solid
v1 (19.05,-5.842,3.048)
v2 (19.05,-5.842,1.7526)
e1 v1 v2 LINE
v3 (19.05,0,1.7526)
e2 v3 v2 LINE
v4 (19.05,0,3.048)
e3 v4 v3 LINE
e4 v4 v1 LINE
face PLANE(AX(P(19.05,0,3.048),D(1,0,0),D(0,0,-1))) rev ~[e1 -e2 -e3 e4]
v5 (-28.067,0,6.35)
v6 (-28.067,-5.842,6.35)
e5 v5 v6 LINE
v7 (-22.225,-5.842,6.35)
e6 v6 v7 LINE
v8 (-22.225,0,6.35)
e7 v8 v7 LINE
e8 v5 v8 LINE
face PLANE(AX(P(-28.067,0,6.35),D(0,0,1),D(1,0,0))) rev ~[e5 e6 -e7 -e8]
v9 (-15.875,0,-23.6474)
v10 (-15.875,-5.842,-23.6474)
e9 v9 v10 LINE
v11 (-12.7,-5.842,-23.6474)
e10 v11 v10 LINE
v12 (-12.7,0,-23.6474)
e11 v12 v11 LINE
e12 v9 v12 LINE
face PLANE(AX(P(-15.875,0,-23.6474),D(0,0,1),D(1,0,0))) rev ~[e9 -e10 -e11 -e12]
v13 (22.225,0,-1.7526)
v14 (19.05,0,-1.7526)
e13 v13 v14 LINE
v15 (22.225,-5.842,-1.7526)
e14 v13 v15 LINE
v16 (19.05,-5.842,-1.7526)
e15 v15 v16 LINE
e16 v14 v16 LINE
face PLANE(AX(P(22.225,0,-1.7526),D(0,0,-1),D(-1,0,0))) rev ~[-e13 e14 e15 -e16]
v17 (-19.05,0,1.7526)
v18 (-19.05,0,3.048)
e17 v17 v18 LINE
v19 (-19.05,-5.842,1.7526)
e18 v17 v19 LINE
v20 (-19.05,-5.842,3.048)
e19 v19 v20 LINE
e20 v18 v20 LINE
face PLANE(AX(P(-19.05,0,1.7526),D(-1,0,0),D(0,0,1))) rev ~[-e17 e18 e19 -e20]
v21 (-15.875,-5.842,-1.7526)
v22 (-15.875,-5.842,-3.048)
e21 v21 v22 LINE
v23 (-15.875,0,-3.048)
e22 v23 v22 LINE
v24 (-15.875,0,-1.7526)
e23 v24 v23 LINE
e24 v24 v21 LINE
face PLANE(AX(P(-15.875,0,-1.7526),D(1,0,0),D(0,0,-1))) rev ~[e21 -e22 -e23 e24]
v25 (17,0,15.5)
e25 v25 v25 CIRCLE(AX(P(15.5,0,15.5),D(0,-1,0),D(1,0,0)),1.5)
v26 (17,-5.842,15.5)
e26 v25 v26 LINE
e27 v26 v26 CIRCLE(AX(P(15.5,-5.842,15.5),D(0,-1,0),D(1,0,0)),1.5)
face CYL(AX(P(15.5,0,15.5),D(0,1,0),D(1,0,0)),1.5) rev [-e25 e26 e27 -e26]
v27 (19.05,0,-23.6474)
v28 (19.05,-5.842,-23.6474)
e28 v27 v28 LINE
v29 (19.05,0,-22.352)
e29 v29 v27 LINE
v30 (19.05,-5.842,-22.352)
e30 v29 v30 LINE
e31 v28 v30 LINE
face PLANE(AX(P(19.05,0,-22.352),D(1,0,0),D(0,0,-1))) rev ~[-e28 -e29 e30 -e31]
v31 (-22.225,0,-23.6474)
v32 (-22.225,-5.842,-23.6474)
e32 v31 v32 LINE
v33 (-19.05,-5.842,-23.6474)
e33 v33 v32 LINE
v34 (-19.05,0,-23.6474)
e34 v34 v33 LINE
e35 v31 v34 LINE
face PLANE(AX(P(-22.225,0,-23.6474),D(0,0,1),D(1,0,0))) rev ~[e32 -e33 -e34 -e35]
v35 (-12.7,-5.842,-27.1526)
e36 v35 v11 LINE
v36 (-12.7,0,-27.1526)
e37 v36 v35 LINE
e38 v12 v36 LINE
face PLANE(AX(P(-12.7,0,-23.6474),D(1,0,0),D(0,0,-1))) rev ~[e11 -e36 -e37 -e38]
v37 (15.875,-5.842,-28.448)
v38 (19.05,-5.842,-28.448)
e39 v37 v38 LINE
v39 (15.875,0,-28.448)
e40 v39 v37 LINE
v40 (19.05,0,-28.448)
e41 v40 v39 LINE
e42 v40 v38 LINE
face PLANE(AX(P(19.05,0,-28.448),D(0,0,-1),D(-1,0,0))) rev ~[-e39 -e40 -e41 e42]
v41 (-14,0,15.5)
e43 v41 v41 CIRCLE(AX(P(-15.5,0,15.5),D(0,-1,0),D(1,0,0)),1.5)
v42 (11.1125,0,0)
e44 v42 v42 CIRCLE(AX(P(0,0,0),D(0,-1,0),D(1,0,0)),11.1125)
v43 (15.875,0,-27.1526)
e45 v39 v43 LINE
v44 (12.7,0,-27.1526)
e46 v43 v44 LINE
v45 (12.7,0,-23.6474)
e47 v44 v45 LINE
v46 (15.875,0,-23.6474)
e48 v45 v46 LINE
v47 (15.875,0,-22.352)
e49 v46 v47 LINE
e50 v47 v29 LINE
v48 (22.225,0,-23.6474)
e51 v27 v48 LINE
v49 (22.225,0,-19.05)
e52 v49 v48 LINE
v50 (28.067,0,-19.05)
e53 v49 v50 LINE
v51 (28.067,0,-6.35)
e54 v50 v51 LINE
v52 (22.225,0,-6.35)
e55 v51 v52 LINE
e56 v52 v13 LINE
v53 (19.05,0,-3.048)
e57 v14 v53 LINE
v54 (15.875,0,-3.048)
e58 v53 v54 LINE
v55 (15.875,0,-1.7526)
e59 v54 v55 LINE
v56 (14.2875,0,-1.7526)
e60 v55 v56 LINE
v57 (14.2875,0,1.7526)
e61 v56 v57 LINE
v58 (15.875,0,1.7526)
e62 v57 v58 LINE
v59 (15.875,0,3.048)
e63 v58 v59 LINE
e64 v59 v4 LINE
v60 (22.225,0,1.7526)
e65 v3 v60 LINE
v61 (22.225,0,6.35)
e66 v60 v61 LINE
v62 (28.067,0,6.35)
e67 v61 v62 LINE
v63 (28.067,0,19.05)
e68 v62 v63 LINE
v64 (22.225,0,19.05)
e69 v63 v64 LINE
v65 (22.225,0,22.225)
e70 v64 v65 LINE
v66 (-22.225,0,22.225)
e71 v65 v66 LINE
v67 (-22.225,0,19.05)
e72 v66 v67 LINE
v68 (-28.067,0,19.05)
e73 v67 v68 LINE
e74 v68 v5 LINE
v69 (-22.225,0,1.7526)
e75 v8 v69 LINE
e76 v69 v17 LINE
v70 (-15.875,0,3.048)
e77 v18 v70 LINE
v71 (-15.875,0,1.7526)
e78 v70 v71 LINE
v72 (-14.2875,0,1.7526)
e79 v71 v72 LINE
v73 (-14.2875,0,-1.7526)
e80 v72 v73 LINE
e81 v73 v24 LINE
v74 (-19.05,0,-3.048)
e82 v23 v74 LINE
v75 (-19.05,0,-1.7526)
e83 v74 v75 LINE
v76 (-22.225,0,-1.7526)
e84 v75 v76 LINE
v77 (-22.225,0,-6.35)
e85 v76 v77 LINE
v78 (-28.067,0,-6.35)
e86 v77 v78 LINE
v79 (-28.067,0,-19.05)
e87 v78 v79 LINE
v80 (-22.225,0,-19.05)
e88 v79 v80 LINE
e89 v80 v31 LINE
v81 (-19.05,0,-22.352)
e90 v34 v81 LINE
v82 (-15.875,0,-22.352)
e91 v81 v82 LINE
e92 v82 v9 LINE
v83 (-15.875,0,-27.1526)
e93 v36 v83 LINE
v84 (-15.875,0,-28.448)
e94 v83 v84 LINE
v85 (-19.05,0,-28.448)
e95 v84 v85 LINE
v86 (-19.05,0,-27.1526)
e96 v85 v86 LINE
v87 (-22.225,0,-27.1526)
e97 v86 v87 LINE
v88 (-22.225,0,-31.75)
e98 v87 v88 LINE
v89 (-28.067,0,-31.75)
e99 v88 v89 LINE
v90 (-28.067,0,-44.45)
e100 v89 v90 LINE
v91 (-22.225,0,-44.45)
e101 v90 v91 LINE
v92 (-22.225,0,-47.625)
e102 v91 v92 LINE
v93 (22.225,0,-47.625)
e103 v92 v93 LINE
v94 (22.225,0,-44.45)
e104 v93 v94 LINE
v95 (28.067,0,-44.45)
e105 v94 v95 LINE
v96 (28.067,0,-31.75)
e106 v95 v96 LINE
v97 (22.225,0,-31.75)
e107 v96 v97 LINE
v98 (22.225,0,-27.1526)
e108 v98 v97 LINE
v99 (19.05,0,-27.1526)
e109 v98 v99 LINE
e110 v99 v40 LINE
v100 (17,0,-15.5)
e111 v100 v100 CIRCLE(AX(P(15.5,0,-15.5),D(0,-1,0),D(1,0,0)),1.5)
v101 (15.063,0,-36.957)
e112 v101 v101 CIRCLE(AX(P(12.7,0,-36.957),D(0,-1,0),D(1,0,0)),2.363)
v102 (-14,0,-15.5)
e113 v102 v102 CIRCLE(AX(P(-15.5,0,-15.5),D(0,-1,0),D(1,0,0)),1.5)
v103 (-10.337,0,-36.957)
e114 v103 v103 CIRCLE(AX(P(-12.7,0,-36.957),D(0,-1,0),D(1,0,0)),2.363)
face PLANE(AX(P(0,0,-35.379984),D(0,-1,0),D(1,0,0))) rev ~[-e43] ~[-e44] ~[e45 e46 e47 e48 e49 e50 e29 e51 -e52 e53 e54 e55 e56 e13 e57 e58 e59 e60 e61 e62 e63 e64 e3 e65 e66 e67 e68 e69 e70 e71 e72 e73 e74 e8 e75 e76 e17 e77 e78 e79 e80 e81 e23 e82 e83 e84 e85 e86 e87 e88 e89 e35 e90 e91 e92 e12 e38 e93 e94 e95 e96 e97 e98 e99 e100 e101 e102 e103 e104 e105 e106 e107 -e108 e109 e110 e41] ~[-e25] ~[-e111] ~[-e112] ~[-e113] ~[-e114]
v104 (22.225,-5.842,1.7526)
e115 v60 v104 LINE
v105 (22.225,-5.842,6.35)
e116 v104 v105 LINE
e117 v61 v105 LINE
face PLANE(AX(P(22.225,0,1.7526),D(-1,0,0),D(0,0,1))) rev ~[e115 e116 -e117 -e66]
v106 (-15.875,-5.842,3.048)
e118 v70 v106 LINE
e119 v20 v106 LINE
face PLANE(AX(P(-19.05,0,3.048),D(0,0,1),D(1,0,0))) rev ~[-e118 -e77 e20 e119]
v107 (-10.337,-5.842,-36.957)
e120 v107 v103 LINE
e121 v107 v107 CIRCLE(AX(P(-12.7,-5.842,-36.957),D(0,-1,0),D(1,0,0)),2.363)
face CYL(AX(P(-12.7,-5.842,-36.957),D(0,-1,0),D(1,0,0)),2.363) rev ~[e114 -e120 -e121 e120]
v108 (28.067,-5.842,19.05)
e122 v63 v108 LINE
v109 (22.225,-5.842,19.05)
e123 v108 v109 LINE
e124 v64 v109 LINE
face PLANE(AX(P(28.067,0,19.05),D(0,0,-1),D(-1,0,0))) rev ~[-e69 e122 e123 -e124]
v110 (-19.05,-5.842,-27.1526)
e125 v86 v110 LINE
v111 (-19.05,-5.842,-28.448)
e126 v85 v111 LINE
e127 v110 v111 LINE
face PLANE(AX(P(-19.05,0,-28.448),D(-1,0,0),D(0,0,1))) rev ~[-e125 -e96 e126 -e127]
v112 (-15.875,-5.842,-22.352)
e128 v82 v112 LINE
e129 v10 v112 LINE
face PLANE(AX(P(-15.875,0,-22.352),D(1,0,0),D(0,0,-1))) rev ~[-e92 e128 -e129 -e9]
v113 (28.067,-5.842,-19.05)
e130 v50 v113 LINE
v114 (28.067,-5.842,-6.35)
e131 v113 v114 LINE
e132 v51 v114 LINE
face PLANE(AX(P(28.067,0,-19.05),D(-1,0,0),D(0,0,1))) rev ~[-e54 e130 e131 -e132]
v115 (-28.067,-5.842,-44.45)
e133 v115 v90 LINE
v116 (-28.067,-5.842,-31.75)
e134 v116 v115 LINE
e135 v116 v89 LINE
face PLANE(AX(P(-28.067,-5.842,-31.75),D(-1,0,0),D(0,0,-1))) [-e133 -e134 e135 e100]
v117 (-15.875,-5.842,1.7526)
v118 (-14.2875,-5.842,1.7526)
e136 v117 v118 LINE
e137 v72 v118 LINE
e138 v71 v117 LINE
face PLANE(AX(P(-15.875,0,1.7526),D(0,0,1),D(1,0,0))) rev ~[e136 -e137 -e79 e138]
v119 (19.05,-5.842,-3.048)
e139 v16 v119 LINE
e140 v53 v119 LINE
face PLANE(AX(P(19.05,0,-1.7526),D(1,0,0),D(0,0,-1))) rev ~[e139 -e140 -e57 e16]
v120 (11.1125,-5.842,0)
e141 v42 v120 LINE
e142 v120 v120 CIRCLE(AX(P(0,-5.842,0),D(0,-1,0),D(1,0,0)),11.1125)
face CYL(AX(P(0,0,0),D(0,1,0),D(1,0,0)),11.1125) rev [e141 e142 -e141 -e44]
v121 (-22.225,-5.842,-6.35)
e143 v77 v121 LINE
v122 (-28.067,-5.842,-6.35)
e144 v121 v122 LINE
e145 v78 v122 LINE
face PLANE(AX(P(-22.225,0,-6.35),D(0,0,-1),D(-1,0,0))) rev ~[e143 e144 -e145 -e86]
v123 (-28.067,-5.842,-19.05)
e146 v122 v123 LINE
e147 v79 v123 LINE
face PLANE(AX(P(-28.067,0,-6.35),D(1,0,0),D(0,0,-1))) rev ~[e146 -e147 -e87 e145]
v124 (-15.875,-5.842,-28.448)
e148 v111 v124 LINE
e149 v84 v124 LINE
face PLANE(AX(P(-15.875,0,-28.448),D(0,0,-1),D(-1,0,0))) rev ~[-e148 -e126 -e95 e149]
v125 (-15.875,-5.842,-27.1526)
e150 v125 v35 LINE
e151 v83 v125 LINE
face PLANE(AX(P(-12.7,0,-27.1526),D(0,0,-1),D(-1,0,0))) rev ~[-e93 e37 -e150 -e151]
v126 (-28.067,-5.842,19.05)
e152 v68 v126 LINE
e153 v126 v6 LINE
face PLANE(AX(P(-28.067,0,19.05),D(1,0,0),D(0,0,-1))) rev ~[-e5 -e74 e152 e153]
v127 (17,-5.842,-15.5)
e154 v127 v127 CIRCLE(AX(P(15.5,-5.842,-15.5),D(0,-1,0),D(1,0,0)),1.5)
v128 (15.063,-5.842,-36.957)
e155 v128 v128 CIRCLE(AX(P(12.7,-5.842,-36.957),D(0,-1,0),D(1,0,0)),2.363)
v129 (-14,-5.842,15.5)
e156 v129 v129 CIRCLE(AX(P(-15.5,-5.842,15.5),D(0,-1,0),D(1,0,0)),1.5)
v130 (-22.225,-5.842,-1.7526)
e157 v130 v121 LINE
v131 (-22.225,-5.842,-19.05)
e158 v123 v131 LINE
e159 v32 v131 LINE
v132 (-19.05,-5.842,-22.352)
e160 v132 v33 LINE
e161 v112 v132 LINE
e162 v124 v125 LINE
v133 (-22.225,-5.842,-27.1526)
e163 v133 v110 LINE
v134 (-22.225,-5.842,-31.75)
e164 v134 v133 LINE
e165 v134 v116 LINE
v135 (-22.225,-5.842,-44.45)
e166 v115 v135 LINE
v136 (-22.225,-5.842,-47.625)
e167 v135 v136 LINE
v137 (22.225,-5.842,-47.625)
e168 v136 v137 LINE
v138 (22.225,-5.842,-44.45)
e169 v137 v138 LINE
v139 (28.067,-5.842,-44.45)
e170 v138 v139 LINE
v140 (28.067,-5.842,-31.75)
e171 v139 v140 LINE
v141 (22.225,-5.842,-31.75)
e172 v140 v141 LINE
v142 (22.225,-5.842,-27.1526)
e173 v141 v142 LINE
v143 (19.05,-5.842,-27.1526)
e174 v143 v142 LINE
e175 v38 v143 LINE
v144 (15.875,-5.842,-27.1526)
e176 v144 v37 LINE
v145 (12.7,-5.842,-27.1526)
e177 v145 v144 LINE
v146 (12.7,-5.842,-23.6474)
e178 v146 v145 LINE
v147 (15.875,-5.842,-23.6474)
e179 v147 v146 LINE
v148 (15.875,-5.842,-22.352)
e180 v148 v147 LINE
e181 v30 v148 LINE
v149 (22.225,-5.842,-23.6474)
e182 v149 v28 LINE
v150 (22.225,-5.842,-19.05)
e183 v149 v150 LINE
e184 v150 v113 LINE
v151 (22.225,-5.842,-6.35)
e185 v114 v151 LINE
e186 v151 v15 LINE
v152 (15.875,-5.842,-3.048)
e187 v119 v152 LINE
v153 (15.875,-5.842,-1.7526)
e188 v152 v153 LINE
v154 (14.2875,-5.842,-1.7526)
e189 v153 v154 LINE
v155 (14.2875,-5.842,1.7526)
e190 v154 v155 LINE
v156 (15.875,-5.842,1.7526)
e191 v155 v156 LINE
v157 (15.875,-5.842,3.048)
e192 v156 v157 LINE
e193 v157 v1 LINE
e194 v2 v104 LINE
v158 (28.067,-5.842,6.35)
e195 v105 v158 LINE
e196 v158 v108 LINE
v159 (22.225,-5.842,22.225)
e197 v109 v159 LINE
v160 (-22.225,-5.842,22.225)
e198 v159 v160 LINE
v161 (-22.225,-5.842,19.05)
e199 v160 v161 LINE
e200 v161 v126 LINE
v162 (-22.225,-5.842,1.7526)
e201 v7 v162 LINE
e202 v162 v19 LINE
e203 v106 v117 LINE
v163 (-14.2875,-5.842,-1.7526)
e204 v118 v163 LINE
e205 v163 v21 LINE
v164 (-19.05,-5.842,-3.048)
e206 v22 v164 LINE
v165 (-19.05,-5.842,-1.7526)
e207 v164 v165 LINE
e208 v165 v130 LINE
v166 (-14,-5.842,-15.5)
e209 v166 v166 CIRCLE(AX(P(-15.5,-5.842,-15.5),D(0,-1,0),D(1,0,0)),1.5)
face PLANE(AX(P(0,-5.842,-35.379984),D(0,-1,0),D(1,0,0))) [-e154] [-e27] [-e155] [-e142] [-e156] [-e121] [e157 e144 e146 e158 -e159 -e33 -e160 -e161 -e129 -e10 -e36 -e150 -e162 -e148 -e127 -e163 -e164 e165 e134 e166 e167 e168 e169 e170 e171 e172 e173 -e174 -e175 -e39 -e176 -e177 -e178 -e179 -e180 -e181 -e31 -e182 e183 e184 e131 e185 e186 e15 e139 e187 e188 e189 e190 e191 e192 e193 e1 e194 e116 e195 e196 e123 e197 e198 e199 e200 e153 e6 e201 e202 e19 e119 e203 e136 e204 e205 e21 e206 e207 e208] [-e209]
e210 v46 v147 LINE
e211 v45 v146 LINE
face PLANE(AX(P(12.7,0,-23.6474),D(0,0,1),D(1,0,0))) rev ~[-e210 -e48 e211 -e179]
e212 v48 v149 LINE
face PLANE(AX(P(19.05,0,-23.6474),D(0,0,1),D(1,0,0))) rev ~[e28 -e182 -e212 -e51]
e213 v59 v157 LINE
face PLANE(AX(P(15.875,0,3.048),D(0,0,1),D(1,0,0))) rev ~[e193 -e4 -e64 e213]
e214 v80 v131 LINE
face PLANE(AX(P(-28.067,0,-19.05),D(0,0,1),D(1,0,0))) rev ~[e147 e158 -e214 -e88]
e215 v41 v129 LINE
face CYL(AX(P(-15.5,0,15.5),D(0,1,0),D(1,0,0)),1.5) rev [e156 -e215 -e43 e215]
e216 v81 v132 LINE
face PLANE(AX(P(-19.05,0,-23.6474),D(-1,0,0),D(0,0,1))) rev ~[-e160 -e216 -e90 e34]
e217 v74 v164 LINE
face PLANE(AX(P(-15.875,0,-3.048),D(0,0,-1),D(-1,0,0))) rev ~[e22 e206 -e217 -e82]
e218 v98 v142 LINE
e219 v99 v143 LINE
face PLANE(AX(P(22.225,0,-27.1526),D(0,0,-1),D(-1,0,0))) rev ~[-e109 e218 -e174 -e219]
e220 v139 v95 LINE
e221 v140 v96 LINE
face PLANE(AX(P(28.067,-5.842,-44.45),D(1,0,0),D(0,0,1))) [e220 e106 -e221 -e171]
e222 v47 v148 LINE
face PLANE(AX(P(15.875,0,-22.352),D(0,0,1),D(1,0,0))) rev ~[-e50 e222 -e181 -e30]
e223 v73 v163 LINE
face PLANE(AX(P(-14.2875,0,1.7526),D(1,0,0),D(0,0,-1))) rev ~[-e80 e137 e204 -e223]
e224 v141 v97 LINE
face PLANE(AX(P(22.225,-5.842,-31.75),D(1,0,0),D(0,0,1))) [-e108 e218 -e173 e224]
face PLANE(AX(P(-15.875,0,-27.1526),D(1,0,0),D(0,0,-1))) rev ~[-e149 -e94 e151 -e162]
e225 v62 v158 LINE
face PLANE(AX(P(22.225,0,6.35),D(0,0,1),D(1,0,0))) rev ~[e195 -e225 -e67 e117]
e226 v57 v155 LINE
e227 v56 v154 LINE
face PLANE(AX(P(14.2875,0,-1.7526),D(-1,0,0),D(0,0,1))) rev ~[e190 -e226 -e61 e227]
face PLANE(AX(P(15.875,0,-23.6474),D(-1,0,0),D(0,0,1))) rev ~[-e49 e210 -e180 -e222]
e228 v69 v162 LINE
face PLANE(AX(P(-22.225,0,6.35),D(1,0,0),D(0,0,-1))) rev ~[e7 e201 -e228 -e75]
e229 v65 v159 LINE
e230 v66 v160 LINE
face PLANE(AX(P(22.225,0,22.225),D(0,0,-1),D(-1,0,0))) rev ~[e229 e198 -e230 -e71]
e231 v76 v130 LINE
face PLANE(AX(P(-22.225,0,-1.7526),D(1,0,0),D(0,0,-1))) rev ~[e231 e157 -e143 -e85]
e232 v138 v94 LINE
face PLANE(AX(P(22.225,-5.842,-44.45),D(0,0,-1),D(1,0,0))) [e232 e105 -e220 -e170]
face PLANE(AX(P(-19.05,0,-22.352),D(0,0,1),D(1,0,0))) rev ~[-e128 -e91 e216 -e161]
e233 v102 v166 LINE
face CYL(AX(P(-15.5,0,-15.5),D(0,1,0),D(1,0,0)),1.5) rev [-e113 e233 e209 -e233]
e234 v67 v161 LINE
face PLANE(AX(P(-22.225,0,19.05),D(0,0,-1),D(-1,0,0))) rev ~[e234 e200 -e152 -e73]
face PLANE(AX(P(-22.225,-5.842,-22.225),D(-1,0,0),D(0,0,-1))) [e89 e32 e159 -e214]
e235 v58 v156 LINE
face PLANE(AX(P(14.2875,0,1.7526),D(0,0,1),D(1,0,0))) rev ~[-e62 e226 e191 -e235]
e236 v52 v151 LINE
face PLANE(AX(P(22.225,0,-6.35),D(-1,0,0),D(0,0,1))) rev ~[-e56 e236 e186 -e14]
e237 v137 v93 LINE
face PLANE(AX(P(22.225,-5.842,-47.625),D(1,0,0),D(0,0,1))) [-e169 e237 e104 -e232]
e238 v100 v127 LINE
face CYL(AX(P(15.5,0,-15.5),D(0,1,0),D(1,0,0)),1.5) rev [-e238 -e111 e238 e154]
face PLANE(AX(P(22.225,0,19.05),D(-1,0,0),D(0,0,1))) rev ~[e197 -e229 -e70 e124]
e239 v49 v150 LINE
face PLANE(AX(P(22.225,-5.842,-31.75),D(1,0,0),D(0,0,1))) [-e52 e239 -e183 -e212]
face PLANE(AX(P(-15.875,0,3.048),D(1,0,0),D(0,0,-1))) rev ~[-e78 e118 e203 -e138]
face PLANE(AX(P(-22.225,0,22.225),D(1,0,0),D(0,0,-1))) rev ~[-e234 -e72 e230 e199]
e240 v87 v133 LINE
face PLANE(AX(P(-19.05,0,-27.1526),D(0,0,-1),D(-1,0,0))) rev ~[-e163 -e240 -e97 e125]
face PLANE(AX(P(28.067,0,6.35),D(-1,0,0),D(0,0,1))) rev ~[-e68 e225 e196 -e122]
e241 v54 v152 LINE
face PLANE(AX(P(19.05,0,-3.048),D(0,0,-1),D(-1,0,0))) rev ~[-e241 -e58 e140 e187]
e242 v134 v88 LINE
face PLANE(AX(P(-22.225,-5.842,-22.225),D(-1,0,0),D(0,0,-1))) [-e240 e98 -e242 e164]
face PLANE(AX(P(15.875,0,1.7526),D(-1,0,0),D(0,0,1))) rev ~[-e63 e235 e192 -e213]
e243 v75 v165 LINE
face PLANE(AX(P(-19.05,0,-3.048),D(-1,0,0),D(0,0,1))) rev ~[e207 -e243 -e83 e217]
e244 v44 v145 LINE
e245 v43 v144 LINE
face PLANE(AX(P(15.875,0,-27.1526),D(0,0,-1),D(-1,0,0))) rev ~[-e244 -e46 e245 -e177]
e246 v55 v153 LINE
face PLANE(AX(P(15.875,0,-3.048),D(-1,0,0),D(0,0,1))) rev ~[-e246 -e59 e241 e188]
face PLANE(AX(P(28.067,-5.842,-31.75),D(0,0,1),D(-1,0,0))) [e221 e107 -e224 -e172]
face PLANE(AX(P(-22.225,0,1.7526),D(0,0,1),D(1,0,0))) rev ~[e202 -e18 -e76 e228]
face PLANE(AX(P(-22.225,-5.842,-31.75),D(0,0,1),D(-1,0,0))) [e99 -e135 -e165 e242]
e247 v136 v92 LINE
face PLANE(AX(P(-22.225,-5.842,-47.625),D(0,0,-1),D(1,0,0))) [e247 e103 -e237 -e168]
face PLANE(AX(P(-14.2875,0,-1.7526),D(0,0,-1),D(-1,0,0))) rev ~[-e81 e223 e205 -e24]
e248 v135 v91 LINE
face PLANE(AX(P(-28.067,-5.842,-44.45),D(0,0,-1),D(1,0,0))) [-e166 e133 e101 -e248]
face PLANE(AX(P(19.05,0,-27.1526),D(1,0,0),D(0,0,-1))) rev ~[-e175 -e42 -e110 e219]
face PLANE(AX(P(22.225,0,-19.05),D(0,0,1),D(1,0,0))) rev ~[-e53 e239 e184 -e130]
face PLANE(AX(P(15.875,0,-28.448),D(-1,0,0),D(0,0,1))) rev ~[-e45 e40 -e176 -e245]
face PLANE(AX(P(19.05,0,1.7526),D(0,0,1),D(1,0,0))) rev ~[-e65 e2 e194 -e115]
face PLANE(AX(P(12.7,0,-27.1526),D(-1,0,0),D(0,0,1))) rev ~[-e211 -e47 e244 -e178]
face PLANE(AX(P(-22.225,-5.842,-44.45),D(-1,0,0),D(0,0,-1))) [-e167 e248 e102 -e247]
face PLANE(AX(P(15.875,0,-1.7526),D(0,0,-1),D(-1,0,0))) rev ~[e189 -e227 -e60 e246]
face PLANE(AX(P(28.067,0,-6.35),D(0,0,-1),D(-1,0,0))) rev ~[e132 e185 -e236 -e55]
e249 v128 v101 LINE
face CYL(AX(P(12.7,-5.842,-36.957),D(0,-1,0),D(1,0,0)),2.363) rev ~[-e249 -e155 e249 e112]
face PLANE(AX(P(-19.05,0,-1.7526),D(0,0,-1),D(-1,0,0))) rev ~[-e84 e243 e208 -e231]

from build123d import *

# Parameters (mm, degrees)
F0_R     = 1.5
F0_R_2   = 11.1125
F1_DEPTH = 5.842
F3_DEPTH = 5.842
F5_DEPTH = 25.4
F6_R     = 2.363
F7_DEPTH = 25.4


with BuildPart() as f1:
    # F0 (on Front) → F1 (new body)
    with BuildSketch(Plane.XZ):
        Polygon((22.225, 22.225), (-22.225, 22.225), (-22.225, 19.05), (-28.067, 19.05), (-28.067, 6.35), (-22.225, 6.35), (-22.225, 1.7526), (-19.05, 1.7526), (-19.05, 3.048), (-15.875, 3.048), (-15.875, 1.7526), (-14.2875, 1.7526), (-14.2875, -1.7526), (-15.875, -1.7526), (-15.875, -3.048), (-19.05, -3.048), (-19.05, -1.7526), (-22.225, -1.7526), (-22.225, -6.35), (-28.067, -6.35), (-28.067, -19.05), (-22.225, -19.05), (-22.225, -22.225), (22.225, -22.225), (22.225, -19.05), (28.067, -19.05), (28.067, -6.35), (22.225, -6.35), (22.225, -1.7526), (19.05, -1.7526), (19.05, -3.048), (15.875, -3.048), (15.875, -1.7526), (14.2875, -1.7526), (14.2875, 1.7526), (15.875, 1.7526), (15.875, 3.048), (19.05, 3.048), (19.05, 1.7526), (22.225, 1.7526), (22.225, 6.35), (28.067, 6.35), (28.067, 19.05), (22.225, 19.05), align=None)
        with Locations((-15.5, -15.5)):
            Circle(F0_R, mode=Mode.SUBTRACT)
        with Locations((15.5, -15.5)):
            Circle(F0_R, mode=Mode.SUBTRACT)
        with Locations((-15.5, 15.5)):
            Circle(F0_R, mode=Mode.SUBTRACT)
        Circle(F0_R_2, mode=Mode.SUBTRACT)
        with Locations((15.5, 15.5)):
            Circle(F0_R, mode=Mode.SUBTRACT)
    extrude(amount=F1_DEPTH)

    # F2 (on face) → F3 (join, through all)
    with BuildSketch(Plane.XZ.offset(5.842)):
        Polygon((22.225, -22.225), (-22.225, -22.225), (-22.225, -31.75), (-28.067, -31.75), (-28.067, -44.45), (-22.225, -44.45), (-22.225, -47.625), (22.225, -47.625), (22.225, -44.45), (28.067, -44.45), (28.067, -31.75), (22.225, -31.75), align=None)
    extrude(amount=-F3_DEPTH)

    # F4 (on face) → F5 (cut)
    with BuildSketch(Plane(origin=(0, 0, 0), x_dir=(-1, 0, 0), z_dir=(0, 1, 0))):
        Polygon((22.225, -27.1526), (22.225, -23.6474), (19.05, -23.6474), (19.05, -22.352), (15.875, -22.352), (15.875, -23.6474), (12.7, -23.6474), (12.7, -27.1526), (15.875, -27.1526), (15.875, -28.448), (19.05, -28.448), (19.05, -27.1526), align=None)
        Polygon((-22.225, -27.1526), (-19.05, -27.1526), (-19.05, -28.448), (-15.875, -28.448), (-15.875, -27.1526), (-12.7, -27.1526), (-12.7, -23.6474), (-15.875, -23.6474), (-15.875, -22.352), (-19.05, -22.352), (-19.05, -23.6474), (-22.225, -23.6474), align=None)
    extrude(amount=-F5_DEPTH, mode=Mode.SUBTRACT)

    # F6 (on face) → F7 (cut)
    with BuildSketch(Plane.XZ.offset(5.842)):
        with Locations((-12.7, -36.957)):
            Circle(F6_R)
        with Locations((12.7, -36.957)):
            Circle(F6_R)
    extrude(amount=-F7_DEPTH, mode=Mode.SUBTRACT)


solid = f1.part
